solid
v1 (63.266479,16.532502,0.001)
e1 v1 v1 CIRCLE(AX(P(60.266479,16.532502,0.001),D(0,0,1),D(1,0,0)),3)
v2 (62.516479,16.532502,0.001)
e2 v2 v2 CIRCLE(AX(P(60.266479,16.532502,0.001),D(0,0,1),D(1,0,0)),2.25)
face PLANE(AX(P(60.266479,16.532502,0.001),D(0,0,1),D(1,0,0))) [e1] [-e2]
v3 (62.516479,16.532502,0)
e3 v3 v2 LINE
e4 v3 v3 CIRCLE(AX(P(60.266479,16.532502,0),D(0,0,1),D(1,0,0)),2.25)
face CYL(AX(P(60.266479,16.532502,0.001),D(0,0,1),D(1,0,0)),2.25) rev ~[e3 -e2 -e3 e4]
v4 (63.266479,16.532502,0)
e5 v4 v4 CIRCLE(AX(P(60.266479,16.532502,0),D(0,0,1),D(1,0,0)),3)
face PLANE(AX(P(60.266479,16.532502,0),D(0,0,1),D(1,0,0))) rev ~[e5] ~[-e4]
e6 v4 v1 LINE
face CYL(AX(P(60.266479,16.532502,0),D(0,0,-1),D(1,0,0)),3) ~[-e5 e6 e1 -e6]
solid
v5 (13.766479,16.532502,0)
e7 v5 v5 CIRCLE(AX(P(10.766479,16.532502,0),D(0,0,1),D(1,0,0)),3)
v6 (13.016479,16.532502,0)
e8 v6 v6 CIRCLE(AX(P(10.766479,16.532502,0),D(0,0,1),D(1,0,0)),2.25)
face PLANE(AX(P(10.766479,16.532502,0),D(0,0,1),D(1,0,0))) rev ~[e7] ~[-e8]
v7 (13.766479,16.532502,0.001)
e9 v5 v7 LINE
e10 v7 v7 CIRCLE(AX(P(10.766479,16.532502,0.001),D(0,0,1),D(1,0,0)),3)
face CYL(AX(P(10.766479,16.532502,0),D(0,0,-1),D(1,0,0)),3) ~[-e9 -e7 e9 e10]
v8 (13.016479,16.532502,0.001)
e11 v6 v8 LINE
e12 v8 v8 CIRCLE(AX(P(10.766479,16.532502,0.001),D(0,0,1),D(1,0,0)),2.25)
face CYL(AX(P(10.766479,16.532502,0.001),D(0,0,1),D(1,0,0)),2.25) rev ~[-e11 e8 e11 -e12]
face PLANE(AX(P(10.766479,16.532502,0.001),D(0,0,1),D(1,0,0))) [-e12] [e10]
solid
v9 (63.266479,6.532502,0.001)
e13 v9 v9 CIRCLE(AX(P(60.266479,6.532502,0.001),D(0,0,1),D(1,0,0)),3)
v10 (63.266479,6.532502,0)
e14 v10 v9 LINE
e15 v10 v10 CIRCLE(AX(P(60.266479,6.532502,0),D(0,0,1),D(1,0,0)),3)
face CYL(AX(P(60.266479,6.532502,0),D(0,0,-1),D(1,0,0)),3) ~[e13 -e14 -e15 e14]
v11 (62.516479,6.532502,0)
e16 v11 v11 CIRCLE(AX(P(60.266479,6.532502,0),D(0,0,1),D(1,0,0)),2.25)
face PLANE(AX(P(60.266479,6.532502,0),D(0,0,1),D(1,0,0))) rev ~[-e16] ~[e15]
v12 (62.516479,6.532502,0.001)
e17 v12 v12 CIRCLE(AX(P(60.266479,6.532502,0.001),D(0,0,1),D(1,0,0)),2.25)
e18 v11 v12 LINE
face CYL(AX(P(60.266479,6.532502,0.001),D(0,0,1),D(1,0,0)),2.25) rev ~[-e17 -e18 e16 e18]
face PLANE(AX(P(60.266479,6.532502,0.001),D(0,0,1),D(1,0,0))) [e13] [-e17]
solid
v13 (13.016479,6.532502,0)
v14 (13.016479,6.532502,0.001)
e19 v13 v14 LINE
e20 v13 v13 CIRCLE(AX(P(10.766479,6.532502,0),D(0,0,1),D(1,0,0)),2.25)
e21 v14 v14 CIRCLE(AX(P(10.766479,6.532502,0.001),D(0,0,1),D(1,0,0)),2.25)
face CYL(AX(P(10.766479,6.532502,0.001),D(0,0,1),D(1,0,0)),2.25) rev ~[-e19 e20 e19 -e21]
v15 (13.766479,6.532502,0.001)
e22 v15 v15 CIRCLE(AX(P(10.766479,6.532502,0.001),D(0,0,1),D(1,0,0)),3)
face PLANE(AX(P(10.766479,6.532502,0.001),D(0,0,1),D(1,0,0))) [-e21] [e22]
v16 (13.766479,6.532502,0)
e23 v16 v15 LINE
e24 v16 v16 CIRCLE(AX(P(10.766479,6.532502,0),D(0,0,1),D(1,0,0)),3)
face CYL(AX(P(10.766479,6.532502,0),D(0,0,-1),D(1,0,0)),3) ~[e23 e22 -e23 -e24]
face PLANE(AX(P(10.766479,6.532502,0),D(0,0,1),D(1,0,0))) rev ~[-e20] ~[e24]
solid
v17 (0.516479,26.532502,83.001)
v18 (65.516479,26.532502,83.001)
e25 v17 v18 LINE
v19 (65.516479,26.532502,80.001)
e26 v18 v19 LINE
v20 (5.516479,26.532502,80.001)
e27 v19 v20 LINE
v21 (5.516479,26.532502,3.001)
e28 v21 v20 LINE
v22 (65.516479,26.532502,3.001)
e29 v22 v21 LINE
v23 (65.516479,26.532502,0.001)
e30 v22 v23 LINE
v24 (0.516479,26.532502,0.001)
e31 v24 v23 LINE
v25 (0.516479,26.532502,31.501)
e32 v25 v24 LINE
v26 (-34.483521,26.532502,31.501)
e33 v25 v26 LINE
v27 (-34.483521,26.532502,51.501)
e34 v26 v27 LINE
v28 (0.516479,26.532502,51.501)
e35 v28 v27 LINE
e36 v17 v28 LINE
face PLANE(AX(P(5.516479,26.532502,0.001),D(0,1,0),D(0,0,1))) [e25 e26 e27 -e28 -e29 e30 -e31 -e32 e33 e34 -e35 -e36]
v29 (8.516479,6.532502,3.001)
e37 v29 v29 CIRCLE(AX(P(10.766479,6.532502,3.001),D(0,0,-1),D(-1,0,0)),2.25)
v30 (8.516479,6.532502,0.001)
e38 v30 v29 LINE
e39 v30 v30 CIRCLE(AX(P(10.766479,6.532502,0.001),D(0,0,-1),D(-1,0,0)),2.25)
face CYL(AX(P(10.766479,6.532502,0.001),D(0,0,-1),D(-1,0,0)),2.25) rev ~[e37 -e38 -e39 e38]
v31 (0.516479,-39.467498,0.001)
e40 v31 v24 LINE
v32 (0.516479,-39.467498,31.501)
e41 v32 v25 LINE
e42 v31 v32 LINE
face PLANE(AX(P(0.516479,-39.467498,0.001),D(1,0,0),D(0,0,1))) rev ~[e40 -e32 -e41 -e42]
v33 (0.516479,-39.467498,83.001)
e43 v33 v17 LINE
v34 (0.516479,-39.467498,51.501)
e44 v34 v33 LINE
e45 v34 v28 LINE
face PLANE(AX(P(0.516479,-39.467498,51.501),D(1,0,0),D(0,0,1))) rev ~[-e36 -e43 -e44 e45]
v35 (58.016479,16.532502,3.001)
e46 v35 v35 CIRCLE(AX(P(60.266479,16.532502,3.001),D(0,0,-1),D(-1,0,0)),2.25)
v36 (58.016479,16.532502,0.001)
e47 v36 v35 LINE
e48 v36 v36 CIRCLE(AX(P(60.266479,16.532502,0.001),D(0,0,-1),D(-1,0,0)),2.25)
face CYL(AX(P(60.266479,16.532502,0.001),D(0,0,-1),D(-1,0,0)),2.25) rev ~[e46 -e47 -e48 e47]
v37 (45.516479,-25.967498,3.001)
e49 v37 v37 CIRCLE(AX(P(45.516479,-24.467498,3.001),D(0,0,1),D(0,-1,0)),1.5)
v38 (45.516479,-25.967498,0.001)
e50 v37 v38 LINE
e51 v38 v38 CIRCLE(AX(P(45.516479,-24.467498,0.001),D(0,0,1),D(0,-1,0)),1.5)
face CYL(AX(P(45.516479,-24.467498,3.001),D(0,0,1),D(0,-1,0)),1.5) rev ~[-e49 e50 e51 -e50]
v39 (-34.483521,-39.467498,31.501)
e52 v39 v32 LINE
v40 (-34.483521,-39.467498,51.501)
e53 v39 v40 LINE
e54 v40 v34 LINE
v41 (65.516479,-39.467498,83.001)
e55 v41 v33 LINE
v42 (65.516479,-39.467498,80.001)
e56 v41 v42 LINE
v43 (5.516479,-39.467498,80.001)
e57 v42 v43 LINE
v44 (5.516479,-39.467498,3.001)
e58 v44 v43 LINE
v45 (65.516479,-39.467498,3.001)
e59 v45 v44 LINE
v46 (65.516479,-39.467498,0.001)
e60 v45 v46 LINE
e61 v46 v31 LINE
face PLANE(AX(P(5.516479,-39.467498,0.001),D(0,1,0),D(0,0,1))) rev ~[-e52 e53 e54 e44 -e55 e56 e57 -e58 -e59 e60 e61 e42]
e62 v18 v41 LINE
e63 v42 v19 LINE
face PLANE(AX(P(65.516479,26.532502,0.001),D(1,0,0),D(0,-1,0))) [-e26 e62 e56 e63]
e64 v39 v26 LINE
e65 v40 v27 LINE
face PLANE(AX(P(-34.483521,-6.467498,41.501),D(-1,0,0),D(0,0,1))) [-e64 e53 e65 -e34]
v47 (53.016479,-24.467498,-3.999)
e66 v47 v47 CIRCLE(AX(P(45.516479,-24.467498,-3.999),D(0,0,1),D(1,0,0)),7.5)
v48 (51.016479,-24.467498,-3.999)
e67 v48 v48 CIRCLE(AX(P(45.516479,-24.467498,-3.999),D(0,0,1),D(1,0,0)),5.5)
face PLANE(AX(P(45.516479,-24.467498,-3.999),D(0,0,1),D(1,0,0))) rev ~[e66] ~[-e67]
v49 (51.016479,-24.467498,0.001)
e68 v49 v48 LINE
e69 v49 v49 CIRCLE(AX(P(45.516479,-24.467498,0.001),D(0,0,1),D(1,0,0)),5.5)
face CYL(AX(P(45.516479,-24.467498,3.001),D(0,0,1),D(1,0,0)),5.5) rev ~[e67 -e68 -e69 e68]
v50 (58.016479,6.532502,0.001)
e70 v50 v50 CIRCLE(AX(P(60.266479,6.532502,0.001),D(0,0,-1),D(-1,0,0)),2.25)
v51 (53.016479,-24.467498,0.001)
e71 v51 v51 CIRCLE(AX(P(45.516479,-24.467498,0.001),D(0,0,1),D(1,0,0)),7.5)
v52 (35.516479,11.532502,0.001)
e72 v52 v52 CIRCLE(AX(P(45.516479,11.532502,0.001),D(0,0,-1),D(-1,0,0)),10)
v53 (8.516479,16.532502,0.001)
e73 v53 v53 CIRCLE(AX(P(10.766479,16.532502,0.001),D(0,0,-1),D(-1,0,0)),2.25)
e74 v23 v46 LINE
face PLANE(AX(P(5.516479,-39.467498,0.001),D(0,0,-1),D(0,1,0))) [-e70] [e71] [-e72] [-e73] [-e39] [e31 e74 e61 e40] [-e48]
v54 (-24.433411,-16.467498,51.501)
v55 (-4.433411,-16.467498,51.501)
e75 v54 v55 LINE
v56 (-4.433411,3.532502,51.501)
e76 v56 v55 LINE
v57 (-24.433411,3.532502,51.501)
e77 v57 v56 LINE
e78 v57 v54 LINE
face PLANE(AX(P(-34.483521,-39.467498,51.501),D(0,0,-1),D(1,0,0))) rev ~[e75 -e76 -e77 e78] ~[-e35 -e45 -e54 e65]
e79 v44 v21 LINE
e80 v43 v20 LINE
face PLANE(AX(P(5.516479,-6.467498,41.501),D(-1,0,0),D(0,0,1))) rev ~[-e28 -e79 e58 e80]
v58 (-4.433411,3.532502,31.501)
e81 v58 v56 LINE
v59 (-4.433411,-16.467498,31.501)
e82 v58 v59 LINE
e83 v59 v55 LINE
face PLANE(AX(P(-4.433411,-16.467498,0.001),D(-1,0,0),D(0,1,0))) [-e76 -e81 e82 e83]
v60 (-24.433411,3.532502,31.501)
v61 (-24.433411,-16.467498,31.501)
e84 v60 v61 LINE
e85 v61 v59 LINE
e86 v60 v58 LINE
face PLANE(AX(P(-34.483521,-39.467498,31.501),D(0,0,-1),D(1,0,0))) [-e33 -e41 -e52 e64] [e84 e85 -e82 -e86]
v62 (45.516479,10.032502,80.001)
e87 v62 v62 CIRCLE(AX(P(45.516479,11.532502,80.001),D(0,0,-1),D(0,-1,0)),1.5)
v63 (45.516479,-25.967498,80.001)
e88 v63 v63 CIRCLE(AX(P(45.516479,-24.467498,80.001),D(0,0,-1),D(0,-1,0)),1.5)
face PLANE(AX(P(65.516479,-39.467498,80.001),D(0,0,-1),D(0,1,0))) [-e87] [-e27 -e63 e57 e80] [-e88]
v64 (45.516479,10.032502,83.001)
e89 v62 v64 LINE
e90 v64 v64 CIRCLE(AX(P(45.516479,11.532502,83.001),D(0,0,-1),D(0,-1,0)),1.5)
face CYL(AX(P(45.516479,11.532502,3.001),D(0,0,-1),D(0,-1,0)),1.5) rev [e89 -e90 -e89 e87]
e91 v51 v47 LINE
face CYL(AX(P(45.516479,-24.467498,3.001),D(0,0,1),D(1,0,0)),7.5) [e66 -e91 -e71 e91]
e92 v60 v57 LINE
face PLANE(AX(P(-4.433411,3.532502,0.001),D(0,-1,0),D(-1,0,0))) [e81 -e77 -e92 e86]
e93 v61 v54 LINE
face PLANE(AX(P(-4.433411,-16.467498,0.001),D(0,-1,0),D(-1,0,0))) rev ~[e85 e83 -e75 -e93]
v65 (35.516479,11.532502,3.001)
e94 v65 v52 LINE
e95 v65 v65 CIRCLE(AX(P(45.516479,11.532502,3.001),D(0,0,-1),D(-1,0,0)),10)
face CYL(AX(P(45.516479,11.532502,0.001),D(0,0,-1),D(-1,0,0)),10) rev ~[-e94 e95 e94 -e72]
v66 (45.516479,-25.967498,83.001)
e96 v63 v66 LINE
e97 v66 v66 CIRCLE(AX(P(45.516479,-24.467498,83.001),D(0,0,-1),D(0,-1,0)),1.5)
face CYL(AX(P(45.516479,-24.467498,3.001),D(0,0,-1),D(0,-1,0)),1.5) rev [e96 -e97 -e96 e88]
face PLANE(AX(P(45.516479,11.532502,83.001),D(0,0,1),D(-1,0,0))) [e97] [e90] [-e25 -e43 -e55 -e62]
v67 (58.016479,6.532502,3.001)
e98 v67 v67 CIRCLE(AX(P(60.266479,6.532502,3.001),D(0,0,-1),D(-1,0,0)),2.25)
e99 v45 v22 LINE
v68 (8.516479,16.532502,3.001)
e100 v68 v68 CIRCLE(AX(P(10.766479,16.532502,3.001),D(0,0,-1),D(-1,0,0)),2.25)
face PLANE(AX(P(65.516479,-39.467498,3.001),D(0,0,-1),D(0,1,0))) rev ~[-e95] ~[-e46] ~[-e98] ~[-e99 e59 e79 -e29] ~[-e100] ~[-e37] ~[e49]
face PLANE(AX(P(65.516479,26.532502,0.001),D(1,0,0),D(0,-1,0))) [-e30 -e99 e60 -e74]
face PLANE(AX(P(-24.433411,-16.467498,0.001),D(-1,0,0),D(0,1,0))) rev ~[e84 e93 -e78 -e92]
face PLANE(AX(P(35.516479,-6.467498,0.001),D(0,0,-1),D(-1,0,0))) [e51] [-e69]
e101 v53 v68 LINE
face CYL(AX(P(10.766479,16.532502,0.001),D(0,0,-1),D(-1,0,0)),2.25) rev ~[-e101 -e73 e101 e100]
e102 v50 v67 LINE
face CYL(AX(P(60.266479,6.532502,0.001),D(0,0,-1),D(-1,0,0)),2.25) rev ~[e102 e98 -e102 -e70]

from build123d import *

# Parameters (mm, degrees)
SKETCH_3_R               = 3
EXTRUDE_6_DEPTH          = 0.001
EXTRUDE_6_2_DEPTH        = 0.001
EXTRUDE_6_3_DEPTH        = 0.001
EXTRUDE_6_4_DEPTH        = 0.001
CUT_EXTRUDE_2_DEPTH      = 67.213034483
CUT_EXTRUDE_2_DEPTH_BACK = 67.213034483
SKETCH_11_R              = 2.25
EXTRUDE_7_DEPTH          = 3
CUT_EXTRUDE_START        = -3
SKETCH_14_R              = 2.25
SKETCH_14_R_2            = 10
CUT_EXTRUDE_3_DEPTH      = 3
SKETCH_15_R              = 10
SKETCH_15_R_2            = 1.5
CUT_EXTRUDE_4_DEPTH      = 65
SKETCH_17_R              = 7.5
SKETCH_17_R_2            = 5.5
EXTRUDE_8_DEPTH          = 7
SKETCH_12_4_R            = 10
EXTRUDE_10_DEPTH         = 83
SKETCH_20_W              = 77
SKETCH_20_H              = 66
CUT_EXTRUDE_6_DEPTH      = 60
SKETCH_21_W              = 83
SKETCH_21_H              = 66
EXTRUDE_11_DEPTH         = 40
CUT_EXTRUDE_START_2      = -40
SKETCH_14_3_R            = 2.25
SKETCH_14_3_R_2          = 10
CUT_EXTRUDE_7_DEPTH      = 40
SKETCH_23_R              = 10
EXTRUDE_12_DEPTH         = 3
CUT_EXTRUDE_9_DEPTH      = 100
CUT_EXTRUDE_9_DEPTH_BACK = 100
SKETCH_22_R              = 1.5
SKETCH_25_W              = 20
SKETCH_25_H              = 20
CUT_EXTRUDE_10_DEPTH     = 100
SKETCH_28_W              = 35
SKETCH_28_H              = 31.5
CUT_EXTRUDE_12_DEPTH     = 125.649809312


with BuildPart() as part:
    # 草图3 → 凸台-拉伸6 (new body)
    with BuildSketch(Plane.XY):
        with Locations((60.266478541, 16.532501821)):
            Circle(SKETCH_3_R)
    extrude(amount=EXTRUDE_6_DEPTH)


with BuildPart() as body_2:
    # 草图3 → Extrude 6 2 (new body)
    with BuildSketch(Plane.XY):
        with Locations((60.266478541, 6.532501821)):
            Circle(SKETCH_3_R)
    extrude(amount=EXTRUDE_6_2_DEPTH)


with BuildPart() as body_3:
    # 草图3 → Extrude 6 3 (new body)
    with BuildSketch(Plane.XY):
        with Locations((10.766478541, 6.532501821)):
            Circle(SKETCH_3_R)
    extrude(amount=EXTRUDE_6_3_DEPTH)


with BuildPart() as body_4:
    # 草图3 → Extrude 6 4 (new body)
    with BuildSketch(Plane.XY):
        with Locations((10.766478541, 16.532501821)):
            Circle(SKETCH_3_R)
    extrude(amount=EXTRUDE_6_4_DEPTH)


with BuildPart() as cut_extrude_2_tool:
    # 草图11 → 切除-拉伸2 (new, two sides: drawn at the far end of the back side and taken through both)
    with BuildSketch(Plane.XY.offset(0.001).offset(-CUT_EXTRUDE_2_DEPTH_BACK)):
        with Locations((10.766478541, 16.532501821)):
            Circle(SKETCH_11_R)
        with Locations((10.766478541, 6.532501821)):
            Circle(SKETCH_11_R)
        with Locations((60.266478541, 16.532501821)):
            Circle(SKETCH_11_R)
        with Locations((60.266478541, 6.532501821)):
            Circle(SKETCH_11_R)
    extrude(amount=CUT_EXTRUDE_2_DEPTH + CUT_EXTRUDE_2_DEPTH_BACK)


with BuildPart() as part_1:
    add(part.part)

    # 切除-拉伸2: cut by cut_extrude_2_tool
    add(cut_extrude_2_tool.part, mode=Mode.SUBTRACT)


with BuildPart() as body_2_1:
    add(body_2.part)

    # 切除-拉伸2: cut by cut_extrude_2_tool
    add(cut_extrude_2_tool.part, mode=Mode.SUBTRACT)


with BuildPart() as body_3_1:
    add(body_3.part)

    # 切除-拉伸2: cut by cut_extrude_2_tool
    add(cut_extrude_2_tool.part, mode=Mode.SUBTRACT)


with BuildPart() as body_4_1:
    add(body_4.part)

    # 切除-拉伸2: cut by cut_extrude_2_tool
    add(cut_extrude_2_tool.part, mode=Mode.SUBTRACT)


with BuildPart() as body_5:
    # 草图12 → 凸台-拉伸7 (new body)
    with BuildSketch(Plane.XY.offset(0.001)):
        Polygon((5.516478541, 26.532501821), (65.516478541, 26.532501821), (65.516478541, -39.467498179), (5.516478541, -39.467498179), (5.516478541, 1.532501821), align=None)
    extrude(amount=EXTRUDE_7_DEPTH)

    # 草图14 → 切除-拉伸3 (cut)
    with BuildSketch(Plane(origin=(0, 0, 0.001), x_dir=(-1, 0, 0), z_dir=(0, 0, -1)).offset(CUT_EXTRUDE_START)):
        with Locations((-60.266478541, 6.532501821)):
            Circle(SKETCH_14_R)
        with Locations((-60.266478541, 16.532501821)):
            Circle(SKETCH_14_R)
        with Locations((-10.766478541, 6.532501821)):
            Circle(SKETCH_14_R)
        with Locations((-10.766478541, 16.532501821)):
            Circle(SKETCH_14_R)
        with Locations((-45.516478541, 11.532501821)):
            Circle(SKETCH_14_R_2)
    extrude(amount=CUT_EXTRUDE_3_DEPTH, mode=Mode.SUBTRACT)

    # 草图15 → 切除-拉伸4 (cut)
    with BuildSketch(Plane(origin=(0, 0, 0.001), x_dir=(-1, 0, 0), z_dir=(0, 0, -1))):
        with Locations((-45.516478541, 11.532501821)):
            Circle(SKETCH_15_R)
        with Locations((-45.516478541, -24.467498179)):
            Circle(SKETCH_15_R_2)
    extrude(amount=-CUT_EXTRUDE_4_DEPTH, mode=Mode.SUBTRACT)

    # 草图17 → 凸台-拉伸8 (add)
    with BuildSketch(Plane.XY.offset(3.001)):
        with Locations((45.516478541, -24.467498179)):
            Circle(SKETCH_17_R)
        with Locations((45.516478541, -24.467498179)):
            Circle(SKETCH_17_R_2, mode=Mode.SUBTRACT)
    extrude(amount=-EXTRUDE_8_DEPTH)

    # 草图12<4> → 凸台-拉伸10 (add)
    with BuildSketch(Plane.XY.offset(0.001)):
        Polygon((5.516478541, 26.532501821), (65.516478541, 26.532501821), (65.516478541, -39.467498179), (5.516478541, -39.467498179), (5.516478541, 1.532501821), align=None)
        with Locations((45.516478541, 11.532501821)):
            Circle(SKETCH_12_4_R, mode=Mode.SUBTRACT)
    extrude(amount=EXTRUDE_10_DEPTH)

    # 草图20 → 切除-拉伸6 (cut)
    with BuildSketch(Plane(origin=(65.516478541, 0, 0), x_dir=(0, 0, -1), z_dir=(1, 0, 0))):
        with Locations((-41.501, -6.467498179)):
            Rectangle(SKETCH_20_W, SKETCH_20_H)
    extrude(amount=-CUT_EXTRUDE_6_DEPTH, mode=Mode.SUBTRACT)


with BuildPart() as cut_extrude_6_piece_1:
    # of the separate pieces the step leaves, piece 1, a body of its own (cut_extrude_6_pieces)
    add(body_5.part.solids().sort_by_distance((5.516478541, 26.532501821, 0.001))[0])



with BuildPart() as cut_extrude_6_piece_2:
    # of the separate pieces the step leaves, piece 2, a body of its own (cut_extrude_6_pieces)
    add(body_5.part.solids().sort_by_distance((65.516478541, 26.532501821, 80.001))[0])


with BuildPart() as cut_extrude_6_piece_1_1:
    add(cut_extrude_6_piece_1.part)

    add(cut_extrude_6_piece_2.part)  # 凸台-拉伸11 merges 切除-拉伸6 piece 2
    # 草图21 → 凸台-拉伸11 (add)
    with BuildSketch(Plane.ZY.offset(-5.516478541)):
        with Locations((41.501, -6.467498179)):
            Rectangle(SKETCH_21_W, SKETCH_21_H)
    extrude(amount=EXTRUDE_11_DEPTH)

    # 草图14<3> → 切除-拉伸7 (cut)
    with BuildSketch(Plane(origin=(0, 0, 0.001), x_dir=(-1, 0, 0), z_dir=(0, 0, -1)).offset(CUT_EXTRUDE_START_2)):
        with Locations((-60.266478541, 6.532501821)):
            Circle(SKETCH_14_3_R)
        with Locations((-60.266478541, 16.532501821)):
            Circle(SKETCH_14_3_R)
        with Locations((-10.766478541, 6.532501821)):
            Circle(SKETCH_14_3_R)
        with Locations((-10.766478541, 16.532501821)):
            Circle(SKETCH_14_3_R)
        with Locations((-45.516478541, 11.532501821)):
            Circle(SKETCH_14_3_R_2)
    extrude(amount=CUT_EXTRUDE_7_DEPTH, mode=Mode.SUBTRACT)

    # 草图23 → 凸台-拉伸12 (add)
    with BuildSketch(Plane.XY.offset(83.001)):
        with Locations((45.516478541, 11.532501821)):
            Circle(SKETCH_23_R)
    extrude(amount=-EXTRUDE_12_DEPTH)

    # 草图22 → 切除-拉伸9 (cut, two sides: drawn at the far end of the back side and taken through both)
    with BuildSketch(Plane.XY.offset(3.001).offset(-CUT_EXTRUDE_9_DEPTH_BACK)):
        with Locations((45.516478541, 11.532501821)):
            Circle(SKETCH_22_R)
        with Locations((45.516478541, -24.467498179)):
            Circle(SKETCH_22_R)
    extrude(amount=CUT_EXTRUDE_9_DEPTH + CUT_EXTRUDE_9_DEPTH_BACK, mode=Mode.SUBTRACT)

    # 草图25 → 切除-拉伸10 (cut)
    with BuildSketch(Plane(origin=(0, 0, 0.001), x_dir=(-1, 0, 0), z_dir=(0, 0, -1))):
        with Locations((14.433410721, -6.467498179)):
            Rectangle(SKETCH_25_W, SKETCH_25_H)
    extrude(amount=-CUT_EXTRUDE_10_DEPTH, mode=Mode.SUBTRACT)

    # 草图28 → 切除-拉伸12 (cut, through all)
    with BuildSketch(Plane.XZ.offset(39.467498179)):
        with Locations((-16.983521459, 15.751)):
            Rectangle(SKETCH_28_W, SKETCH_28_H)
        with Locations((-16.983521459, 67.251)):
            Rectangle(SKETCH_28_W, SKETCH_28_H)
    extrude(amount=-CUT_EXTRUDE_12_DEPTH, mode=Mode.SUBTRACT)


solid = Compound([part_1.part, body_2_1.part, body_3_1.part, body_4_1.part, cut_extrude_6_piece_1_1.part])
